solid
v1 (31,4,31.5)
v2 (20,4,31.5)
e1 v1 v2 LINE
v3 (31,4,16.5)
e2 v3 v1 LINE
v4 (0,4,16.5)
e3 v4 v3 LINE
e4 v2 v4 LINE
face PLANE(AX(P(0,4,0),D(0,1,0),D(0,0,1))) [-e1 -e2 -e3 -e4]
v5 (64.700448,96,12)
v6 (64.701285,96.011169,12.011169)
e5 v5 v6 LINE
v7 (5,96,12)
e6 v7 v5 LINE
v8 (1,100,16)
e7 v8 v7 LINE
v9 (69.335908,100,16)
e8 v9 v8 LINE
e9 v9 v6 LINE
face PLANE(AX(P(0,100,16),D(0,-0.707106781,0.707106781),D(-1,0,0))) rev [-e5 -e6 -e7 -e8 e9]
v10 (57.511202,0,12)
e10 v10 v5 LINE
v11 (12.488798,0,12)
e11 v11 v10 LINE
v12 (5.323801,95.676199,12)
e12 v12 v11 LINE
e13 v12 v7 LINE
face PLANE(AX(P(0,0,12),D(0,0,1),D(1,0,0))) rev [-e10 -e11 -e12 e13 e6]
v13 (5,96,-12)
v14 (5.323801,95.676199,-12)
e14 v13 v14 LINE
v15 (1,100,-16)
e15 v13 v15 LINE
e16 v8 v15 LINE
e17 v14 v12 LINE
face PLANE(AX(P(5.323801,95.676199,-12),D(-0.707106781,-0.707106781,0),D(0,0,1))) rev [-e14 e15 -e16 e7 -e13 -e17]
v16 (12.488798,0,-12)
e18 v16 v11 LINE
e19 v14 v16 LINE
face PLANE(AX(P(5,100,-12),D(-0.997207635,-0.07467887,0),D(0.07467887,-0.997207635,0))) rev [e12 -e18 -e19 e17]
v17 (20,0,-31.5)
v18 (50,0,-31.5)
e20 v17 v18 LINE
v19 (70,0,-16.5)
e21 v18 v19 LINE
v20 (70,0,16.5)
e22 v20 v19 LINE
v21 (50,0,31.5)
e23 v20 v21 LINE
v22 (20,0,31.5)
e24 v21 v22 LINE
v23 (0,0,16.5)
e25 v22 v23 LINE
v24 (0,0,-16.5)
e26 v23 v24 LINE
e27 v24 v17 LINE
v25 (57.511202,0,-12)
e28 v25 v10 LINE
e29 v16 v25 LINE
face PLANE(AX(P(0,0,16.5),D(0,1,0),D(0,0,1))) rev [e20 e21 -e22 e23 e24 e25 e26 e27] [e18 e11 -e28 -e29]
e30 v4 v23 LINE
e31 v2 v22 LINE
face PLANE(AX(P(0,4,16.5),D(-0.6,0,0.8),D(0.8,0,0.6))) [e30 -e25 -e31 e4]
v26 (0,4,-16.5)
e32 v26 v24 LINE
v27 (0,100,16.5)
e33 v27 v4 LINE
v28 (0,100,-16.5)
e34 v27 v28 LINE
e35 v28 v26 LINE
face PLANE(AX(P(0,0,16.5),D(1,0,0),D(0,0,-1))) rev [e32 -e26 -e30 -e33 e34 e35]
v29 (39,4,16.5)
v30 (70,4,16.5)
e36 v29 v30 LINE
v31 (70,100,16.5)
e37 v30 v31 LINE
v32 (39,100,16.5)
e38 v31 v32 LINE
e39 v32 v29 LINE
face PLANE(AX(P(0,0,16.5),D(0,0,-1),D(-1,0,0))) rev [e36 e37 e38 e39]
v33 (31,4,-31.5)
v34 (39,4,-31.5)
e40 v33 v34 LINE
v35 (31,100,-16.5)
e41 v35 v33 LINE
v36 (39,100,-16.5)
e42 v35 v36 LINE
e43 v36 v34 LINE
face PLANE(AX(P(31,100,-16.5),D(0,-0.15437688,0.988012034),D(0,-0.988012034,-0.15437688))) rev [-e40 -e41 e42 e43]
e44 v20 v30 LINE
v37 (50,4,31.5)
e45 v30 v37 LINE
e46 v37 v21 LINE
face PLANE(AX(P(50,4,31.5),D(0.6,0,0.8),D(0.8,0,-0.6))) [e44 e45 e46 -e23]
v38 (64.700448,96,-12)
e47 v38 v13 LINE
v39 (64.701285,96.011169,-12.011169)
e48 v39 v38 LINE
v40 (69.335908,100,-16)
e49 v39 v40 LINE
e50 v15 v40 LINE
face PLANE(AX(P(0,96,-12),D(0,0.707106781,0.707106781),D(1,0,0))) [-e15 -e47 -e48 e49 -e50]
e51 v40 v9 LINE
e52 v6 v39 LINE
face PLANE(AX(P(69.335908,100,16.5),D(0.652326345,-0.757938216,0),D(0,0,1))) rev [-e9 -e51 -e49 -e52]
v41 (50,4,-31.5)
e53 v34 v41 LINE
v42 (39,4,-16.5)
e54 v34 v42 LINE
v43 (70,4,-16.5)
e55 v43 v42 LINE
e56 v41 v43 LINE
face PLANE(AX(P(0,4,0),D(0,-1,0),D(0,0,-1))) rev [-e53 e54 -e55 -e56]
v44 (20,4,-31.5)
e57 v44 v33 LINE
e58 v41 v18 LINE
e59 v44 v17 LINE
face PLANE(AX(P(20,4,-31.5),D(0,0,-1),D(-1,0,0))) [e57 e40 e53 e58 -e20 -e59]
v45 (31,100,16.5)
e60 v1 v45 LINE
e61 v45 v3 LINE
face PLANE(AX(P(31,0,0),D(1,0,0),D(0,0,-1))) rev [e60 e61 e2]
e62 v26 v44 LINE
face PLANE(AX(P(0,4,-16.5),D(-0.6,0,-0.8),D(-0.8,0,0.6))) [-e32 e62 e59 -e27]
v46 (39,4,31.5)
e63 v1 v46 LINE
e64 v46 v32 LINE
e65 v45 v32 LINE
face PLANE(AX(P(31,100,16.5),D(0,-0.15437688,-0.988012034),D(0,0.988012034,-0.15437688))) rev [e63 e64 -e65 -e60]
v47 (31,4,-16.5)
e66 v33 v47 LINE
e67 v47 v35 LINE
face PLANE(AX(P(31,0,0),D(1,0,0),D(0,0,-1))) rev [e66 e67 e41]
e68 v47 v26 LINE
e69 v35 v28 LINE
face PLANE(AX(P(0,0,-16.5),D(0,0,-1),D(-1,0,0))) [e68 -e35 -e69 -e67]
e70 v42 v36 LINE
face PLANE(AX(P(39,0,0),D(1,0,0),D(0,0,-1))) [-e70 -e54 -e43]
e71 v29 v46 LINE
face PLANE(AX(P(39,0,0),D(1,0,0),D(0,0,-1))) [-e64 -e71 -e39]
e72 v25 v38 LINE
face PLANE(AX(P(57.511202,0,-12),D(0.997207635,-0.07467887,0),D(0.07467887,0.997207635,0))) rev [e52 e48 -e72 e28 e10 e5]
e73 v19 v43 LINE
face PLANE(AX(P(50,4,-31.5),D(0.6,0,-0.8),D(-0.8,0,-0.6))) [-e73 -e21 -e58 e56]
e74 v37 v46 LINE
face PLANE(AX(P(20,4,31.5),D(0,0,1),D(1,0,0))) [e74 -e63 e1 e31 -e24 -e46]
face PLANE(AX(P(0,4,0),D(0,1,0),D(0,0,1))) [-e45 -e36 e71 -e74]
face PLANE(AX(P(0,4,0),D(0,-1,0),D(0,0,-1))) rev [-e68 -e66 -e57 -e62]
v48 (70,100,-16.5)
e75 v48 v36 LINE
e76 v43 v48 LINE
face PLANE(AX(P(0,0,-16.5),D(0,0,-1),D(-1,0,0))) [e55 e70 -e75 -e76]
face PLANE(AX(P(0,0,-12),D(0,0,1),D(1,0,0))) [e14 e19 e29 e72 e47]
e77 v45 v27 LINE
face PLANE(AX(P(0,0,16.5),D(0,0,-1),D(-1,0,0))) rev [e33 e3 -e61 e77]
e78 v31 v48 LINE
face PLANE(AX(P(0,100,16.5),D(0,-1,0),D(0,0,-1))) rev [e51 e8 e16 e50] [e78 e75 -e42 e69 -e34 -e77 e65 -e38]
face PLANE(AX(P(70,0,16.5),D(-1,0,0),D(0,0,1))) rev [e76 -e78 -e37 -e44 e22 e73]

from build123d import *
from OCP.BRepFilletAPI import BRepFilletAPI_MakeChamfer

# Parameters (mm, degrees)
SKETCH1_W           = 70
SKETCH1_H           = 100
BOSS_EXTRUDE1_DEPTH = 16.5
CUT_EXTRUDE1_DEPTH  = 12
BOSS_EXTRUDE2_DEPTH = 4
BOSS_EXTRUDE3_DEPTH = 4
CHAMFER1_SIZE       = 4
CHAMFER1_SIZE2      = 4.335908163


with BuildPart() as part:
    # Sketch1 → Boss-Extrude1 (new, symmetric)
    with BuildSketch(Plane.XY):
        with Locations((35, 50)):
            Rectangle(SKETCH1_W, SKETCH1_H)
    extrude(amount=BOSS_EXTRUDE1_DEPTH, both=True)

    # Sketch2 → Cut-Extrude1 (cut, symmetric)
    with BuildSketch(Plane.XY):
        Polygon((5, 100), (65, 100), (57.511201523, 0), (12.488798477, 0), align=None)
    extrude(amount=CUT_EXTRUDE1_DEPTH, both=True, mode=Mode.SUBTRACT)

    # Sketch3 → Boss-Extrude2 (add)
    with BuildSketch(Plane.XZ):
        Polygon((0, 16.5), (20, 31.5), (50, 31.5), (70, 16.5), align=None)
        Polygon((50, -31.5), (70, -16.5), (0, -16.5), (20, -31.5), align=None)
    extrude(amount=-BOSS_EXTRUDE2_DEPTH)

    # Sketch5 → Boss-Extrude3 (add, symmetric)
    with BuildSketch(Plane.ZY.offset(-35)):
        Polygon((-16.5, 100), (-31.5, 4), (-16.5, 4), align=None)
        Polygon((31.5, 4), (16.5, 4), (16.5, 100), align=None)
    extrude(amount=BOSS_EXTRUDE3_DEPTH, both=True)

    # Chamfer1: one chamfer whose edges measure the first distance from different faces: ONE call of the kernel's chamfer builder (chamfer() names one face for all edges)
    chamfer1_edges_1 = [part.edges().sort_by_distance(p)[0] for p in [
        (35, 100, -12),
        (35, 100, 12),
    ]]
    chamfer1_edges_2 = [part.edges().sort_by_distance(p)[0] for p in [
        (5, 100, 0),
    ]]
    chamfer1_side_2 = [part.faces().sort_by_distance(p)[0] for p in [
        (69.226113703, 100, 0),
    ]]
    chamfer1_edges_3 = [part.edges().sort_by_distance(p)[0] for p in [
        (65, 100, 0),
    ]]
    chamfer1_side_3 = [part.faces().sort_by_distance(p)[0] for p in [
        (61.255600762, 50, 0),
    ]]
    chamfer1 = BRepFilletAPI_MakeChamfer(part.part.solid().wrapped)
    for e in chamfer1_edges_1:
        chamfer1.Add(CHAMFER1_SIZE, e.wrapped)
    for e in chamfer1_edges_2:
        chamfer1.Add(CHAMFER1_SIZE, CHAMFER1_SIZE2, e.wrapped, chamfer1_side_2[0].wrapped)  # the first distance lies on this face
    for e in chamfer1_edges_3:
        chamfer1.Add(CHAMFER1_SIZE, CHAMFER1_SIZE2, e.wrapped, chamfer1_side_3[0].wrapped)  # the first distance lies on this face
    add(Compound.cast(chamfer1.Shape()), mode=Mode.REPLACE)


solid = part.part
